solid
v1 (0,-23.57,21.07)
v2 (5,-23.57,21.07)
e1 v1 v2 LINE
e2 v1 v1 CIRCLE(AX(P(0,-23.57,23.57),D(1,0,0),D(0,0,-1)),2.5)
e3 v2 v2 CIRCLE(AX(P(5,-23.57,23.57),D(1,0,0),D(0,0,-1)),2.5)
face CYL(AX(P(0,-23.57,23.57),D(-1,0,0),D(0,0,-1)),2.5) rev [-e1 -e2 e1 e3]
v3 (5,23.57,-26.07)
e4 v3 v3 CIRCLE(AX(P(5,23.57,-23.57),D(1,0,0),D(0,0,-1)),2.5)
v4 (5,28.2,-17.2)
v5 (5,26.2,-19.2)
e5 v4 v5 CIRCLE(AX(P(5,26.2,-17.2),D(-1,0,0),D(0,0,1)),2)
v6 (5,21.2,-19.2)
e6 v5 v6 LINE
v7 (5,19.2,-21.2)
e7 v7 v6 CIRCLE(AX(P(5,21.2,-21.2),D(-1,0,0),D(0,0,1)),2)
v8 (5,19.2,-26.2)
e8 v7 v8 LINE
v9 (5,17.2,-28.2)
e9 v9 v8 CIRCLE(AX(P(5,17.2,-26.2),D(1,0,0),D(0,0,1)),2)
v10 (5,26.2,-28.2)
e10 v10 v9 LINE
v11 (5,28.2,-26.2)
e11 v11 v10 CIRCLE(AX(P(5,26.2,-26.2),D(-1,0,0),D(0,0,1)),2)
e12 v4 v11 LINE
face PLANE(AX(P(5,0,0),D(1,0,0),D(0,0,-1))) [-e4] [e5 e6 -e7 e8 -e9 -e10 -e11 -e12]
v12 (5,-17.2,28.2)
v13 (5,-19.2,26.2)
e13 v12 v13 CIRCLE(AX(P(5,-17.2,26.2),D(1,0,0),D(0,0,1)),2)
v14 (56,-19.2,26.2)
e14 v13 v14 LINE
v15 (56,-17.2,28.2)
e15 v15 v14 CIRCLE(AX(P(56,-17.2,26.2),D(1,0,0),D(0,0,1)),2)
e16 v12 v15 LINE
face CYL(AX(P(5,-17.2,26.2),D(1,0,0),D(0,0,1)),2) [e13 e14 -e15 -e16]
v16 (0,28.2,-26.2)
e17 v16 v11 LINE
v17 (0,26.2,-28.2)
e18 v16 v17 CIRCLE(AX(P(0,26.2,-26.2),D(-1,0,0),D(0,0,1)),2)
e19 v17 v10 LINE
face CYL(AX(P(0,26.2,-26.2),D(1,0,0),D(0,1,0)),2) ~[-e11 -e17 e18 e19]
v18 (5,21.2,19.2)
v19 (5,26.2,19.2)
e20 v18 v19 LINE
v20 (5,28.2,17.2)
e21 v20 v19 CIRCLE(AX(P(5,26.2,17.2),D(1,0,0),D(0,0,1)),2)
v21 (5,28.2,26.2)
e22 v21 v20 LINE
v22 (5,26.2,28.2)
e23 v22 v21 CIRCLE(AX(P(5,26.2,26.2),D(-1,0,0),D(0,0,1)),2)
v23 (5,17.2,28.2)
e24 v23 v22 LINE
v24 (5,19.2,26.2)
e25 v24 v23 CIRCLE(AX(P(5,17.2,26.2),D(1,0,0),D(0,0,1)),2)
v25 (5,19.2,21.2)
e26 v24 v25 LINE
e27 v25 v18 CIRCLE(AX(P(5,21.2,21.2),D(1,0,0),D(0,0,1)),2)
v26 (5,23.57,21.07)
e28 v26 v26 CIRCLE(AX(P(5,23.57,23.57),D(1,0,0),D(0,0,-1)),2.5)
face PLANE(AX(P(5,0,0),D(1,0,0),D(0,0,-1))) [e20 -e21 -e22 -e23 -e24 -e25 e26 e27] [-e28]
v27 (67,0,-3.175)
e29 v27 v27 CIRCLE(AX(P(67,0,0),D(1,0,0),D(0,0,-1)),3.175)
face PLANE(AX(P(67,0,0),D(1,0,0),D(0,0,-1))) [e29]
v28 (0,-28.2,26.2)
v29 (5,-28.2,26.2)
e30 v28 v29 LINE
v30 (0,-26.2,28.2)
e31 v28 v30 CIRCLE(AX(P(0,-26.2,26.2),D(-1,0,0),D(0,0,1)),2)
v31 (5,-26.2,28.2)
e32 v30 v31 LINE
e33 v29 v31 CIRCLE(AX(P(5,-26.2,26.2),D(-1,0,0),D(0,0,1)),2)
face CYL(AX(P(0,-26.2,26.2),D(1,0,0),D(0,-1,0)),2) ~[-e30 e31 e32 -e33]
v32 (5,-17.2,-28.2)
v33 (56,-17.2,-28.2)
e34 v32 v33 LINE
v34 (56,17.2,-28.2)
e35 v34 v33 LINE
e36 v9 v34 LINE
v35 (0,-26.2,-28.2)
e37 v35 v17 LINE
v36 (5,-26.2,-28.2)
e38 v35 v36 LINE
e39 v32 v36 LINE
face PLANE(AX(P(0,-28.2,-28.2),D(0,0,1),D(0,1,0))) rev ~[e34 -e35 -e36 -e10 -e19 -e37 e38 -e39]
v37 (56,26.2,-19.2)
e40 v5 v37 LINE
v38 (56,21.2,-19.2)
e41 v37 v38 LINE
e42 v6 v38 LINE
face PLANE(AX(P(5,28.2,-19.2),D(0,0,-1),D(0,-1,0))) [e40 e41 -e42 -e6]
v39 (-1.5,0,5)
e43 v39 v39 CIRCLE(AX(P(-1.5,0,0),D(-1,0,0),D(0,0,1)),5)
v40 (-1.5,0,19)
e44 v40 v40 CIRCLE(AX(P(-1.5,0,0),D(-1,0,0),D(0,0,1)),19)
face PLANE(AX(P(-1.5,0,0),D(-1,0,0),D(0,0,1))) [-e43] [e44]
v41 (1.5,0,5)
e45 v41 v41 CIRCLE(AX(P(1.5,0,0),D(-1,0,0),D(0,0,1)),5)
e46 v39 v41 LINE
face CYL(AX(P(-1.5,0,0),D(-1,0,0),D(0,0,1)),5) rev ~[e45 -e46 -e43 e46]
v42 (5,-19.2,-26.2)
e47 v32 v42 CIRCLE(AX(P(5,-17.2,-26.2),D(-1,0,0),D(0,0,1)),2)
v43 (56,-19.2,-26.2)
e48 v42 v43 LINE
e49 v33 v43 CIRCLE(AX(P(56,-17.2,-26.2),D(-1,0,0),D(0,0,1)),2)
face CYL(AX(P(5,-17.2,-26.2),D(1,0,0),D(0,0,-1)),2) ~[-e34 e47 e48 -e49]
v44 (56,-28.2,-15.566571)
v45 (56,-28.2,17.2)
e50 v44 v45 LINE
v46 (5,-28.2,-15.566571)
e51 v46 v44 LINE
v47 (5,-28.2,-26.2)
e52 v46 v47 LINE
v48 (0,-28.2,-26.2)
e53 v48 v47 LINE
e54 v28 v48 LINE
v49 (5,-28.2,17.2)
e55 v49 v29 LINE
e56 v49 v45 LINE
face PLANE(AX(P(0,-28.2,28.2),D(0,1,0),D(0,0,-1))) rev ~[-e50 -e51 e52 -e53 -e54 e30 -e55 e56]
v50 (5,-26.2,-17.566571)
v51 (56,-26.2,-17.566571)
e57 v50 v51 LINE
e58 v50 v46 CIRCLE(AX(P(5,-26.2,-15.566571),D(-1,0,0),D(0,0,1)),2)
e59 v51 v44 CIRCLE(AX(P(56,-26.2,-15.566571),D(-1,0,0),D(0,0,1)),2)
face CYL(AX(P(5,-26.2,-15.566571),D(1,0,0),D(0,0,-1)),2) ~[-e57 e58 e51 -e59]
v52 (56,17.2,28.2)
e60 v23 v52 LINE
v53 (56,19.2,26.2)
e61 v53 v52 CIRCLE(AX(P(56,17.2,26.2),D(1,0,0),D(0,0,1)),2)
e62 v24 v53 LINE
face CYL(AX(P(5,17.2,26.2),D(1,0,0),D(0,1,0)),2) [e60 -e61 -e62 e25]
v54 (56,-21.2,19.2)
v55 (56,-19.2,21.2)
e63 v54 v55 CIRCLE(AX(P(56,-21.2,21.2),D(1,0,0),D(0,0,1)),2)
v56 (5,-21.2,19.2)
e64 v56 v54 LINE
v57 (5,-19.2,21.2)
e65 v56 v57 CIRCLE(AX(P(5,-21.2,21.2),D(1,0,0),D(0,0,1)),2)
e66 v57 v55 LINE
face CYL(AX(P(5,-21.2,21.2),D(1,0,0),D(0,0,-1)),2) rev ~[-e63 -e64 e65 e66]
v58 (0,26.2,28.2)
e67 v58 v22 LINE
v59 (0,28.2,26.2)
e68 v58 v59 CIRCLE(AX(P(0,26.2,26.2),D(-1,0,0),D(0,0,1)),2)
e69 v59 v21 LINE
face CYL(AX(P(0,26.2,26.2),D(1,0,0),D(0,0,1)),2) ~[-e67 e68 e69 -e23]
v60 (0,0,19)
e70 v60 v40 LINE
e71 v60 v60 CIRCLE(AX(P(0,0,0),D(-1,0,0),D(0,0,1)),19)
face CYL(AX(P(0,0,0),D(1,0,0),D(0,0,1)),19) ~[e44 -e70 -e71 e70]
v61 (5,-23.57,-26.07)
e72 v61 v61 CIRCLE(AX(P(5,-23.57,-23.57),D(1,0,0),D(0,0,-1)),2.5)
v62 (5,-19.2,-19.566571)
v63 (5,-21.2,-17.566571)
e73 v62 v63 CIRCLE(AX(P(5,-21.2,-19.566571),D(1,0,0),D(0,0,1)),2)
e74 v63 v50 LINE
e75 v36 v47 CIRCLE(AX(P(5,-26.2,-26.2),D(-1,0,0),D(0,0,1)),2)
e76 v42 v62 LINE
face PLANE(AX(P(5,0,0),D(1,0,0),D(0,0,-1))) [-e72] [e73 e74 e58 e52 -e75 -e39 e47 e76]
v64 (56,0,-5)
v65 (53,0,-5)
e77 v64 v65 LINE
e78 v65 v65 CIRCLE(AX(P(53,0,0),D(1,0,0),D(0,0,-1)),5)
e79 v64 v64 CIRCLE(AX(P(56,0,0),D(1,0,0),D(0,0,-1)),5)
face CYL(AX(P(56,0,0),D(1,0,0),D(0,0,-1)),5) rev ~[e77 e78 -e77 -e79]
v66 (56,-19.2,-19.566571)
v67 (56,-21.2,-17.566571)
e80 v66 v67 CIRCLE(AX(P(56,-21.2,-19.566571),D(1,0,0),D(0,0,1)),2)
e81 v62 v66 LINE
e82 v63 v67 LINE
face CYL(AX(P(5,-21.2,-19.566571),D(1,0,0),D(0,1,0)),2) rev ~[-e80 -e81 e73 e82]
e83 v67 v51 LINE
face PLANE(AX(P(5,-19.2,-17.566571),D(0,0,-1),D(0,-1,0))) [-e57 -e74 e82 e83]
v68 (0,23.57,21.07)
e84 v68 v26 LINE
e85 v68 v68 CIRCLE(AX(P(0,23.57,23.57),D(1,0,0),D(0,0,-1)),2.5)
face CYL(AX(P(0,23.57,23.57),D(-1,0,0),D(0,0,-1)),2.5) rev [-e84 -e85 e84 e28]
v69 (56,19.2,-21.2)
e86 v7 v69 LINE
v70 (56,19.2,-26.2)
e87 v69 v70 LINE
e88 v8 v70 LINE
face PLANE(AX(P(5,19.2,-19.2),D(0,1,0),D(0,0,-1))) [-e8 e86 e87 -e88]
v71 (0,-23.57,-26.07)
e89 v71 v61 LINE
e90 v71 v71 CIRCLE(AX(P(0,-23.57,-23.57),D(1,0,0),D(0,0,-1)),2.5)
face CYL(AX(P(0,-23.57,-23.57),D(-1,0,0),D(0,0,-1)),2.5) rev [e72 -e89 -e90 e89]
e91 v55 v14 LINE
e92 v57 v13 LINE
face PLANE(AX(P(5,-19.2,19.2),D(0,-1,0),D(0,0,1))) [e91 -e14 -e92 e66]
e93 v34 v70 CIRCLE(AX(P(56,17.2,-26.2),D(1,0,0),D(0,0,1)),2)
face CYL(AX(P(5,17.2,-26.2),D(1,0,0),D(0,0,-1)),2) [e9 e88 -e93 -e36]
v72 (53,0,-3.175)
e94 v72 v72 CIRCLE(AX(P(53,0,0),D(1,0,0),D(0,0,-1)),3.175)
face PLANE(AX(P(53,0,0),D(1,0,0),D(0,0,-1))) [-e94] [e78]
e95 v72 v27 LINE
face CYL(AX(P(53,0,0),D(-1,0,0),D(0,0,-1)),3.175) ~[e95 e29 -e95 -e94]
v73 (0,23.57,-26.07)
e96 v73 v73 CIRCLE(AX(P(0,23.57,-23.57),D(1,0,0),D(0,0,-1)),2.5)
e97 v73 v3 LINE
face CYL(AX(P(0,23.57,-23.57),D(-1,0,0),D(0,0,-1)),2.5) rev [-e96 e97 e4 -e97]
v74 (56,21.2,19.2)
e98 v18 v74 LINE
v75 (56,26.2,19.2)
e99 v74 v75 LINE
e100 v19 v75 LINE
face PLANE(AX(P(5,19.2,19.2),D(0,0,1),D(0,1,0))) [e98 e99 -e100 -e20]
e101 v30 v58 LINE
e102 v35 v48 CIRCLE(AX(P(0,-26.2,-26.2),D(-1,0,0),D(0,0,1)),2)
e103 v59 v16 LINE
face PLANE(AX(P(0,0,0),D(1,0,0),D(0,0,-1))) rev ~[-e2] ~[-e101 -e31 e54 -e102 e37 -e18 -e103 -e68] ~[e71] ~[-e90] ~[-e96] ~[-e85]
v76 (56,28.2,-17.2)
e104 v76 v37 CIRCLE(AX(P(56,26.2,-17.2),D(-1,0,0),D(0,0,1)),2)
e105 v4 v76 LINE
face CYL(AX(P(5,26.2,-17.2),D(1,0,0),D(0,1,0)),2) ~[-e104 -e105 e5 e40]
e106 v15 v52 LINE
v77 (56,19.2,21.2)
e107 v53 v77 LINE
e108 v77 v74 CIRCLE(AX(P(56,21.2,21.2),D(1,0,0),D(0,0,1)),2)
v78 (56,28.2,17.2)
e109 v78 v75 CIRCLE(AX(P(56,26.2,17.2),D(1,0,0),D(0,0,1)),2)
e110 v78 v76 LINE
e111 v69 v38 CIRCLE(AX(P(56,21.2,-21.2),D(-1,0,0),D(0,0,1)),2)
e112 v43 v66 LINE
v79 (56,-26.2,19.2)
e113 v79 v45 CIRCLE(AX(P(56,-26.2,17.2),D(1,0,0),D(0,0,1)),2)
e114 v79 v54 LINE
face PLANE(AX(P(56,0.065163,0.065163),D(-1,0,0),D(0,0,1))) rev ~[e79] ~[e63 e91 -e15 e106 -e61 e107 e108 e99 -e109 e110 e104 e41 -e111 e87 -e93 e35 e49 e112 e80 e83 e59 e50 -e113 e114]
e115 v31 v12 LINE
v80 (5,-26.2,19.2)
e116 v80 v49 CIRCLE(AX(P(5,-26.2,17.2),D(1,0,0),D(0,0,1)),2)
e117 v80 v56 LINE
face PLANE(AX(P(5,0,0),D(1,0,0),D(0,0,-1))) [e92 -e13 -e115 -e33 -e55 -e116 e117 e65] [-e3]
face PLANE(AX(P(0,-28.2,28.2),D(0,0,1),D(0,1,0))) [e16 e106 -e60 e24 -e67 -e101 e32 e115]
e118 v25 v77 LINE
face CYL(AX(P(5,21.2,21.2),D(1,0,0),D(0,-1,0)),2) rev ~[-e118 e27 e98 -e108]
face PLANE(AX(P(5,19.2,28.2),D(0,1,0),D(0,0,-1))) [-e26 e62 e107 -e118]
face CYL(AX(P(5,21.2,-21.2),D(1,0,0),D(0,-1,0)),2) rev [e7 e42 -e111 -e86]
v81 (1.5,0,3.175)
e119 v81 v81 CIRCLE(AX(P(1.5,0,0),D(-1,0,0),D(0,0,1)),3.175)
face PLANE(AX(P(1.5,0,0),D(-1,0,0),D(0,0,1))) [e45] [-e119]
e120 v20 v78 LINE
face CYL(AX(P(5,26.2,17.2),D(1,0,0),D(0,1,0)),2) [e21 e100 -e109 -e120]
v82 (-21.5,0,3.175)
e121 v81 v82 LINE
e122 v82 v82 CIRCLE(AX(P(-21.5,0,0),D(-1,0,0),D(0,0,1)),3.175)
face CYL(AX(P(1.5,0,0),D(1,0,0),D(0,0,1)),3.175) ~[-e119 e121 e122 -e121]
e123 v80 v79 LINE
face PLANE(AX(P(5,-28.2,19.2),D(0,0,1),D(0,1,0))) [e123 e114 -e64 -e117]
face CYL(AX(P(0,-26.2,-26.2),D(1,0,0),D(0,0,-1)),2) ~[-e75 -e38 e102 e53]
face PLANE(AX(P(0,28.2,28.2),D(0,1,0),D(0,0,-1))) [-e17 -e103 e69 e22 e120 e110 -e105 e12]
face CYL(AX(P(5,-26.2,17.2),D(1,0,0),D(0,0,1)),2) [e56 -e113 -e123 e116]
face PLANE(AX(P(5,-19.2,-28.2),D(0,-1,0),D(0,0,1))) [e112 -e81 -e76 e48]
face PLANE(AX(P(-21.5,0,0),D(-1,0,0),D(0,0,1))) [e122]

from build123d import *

# Parameters (mm, degrees)
SKETCH1_W           = 56.4
SKETCH1_H           = 56.4
SKETCH1_R           = 2.5
BOSS_EXTRUDE1_DEPTH = 5
BOSS_EXTRUDE2_DEPTH = 51
SKETCH3_R           = 5
CUT_EXTRUDE1_DEPTH  = 3
SKETCH5_R           = 3.175
BOSS_EXTRUDE3_DEPTH = 14
SKETCH6_R           = 19
BOSS_EXTRUDE4_DEPTH = 1.5
SKETCH7_R           = 5
CUT_EXTRUDE2_DEPTH  = 3
SKETCH9_R           = 3.175
BOSS_EXTRUDE5_DEPTH = 23
FILLET1_R           = 2
FILLET2_R           = 2
FILLET3_R           = 2
FILLET4_R           = 2
FILLET5_R           = 2
FILLET6_R           = 2
FILLET7_R           = 2
FILLET8_R           = 2
FILLET9_R           = 2
FILLET10_R          = 2
FILLET11_R          = 2
FILLET12_R          = 2
FILLET13_R          = 2
FILLET14_R          = 2
FILLET15_R          = 2
FILLET16_R          = 2


with BuildPart() as part:
    # Sketch1 → Boss-Extrude1 (new body)
    with BuildSketch(Plane(origin=(0, 0, 0), x_dir=(0, 0, -1), z_dir=(1, 0, 0))):
        Rectangle(SKETCH1_W, SKETCH1_H)
        with Locations((-23.57, 23.57)):
            Circle(SKETCH1_R, mode=Mode.SUBTRACT)
        with Locations((23.57, 23.57)):
            Circle(SKETCH1_R, mode=Mode.SUBTRACT)
        with Locations((23.57, -23.57)):
            Circle(SKETCH1_R, mode=Mode.SUBTRACT)
        with Locations((-23.57, -23.57)):
            Circle(SKETCH1_R, mode=Mode.SUBTRACT)
    extrude(amount=BOSS_EXTRUDE1_DEPTH)

    # Sketch2 → Boss-Extrude2 (add)
    with BuildSketch(Plane(origin=(5, 0, 0), x_dir=(0, 0, -1), z_dir=(1, 0, 0))):
        Polygon((-28.2, 19.2), (-19.2, 19.2), (-19.2, 28.2), (19.2, 28.2), (19.2, 19.2), (28.2, 19.2), (28.2, -19.2), (17.566571472, -19.2), (17.566571472, -28.2), (-19.2, -28.2), (-19.2, -19.2), (-28.2, -19.2), align=None)
    extrude(amount=BOSS_EXTRUDE2_DEPTH)

    # Sketch3 → Cut-Extrude1 (cut)
    with BuildSketch(Plane(origin=(56, 0, 0), x_dir=(0, 0, -1), z_dir=(1, 0, 0))):
        Circle(SKETCH3_R)
    extrude(amount=-CUT_EXTRUDE1_DEPTH, mode=Mode.SUBTRACT)

    # Sketch5 → Boss-Extrude3 (add)
    with BuildSketch(Plane(origin=(53, 0, 0), x_dir=(0, 0, -1), z_dir=(1, 0, 0))):
        Circle(SKETCH5_R)
    extrude(amount=BOSS_EXTRUDE3_DEPTH)

    # Sketch6 → Boss-Extrude4 (add)
    with BuildSketch(Plane.ZY):
        Circle(SKETCH6_R)
    extrude(amount=BOSS_EXTRUDE4_DEPTH)

    # Sketch7 → Cut-Extrude2 (cut)
    with BuildSketch(Plane.ZY.offset(1.5)):
        Circle(SKETCH7_R)
    extrude(amount=-CUT_EXTRUDE2_DEPTH, mode=Mode.SUBTRACT)

    # Sketch9 → Boss-Extrude5 (add)
    with BuildSketch(Plane.ZY.offset(-1.5)):
        Circle(SKETCH9_R)
    extrude(amount=BOSS_EXTRUDE5_DEPTH)

    # Fillet1
    fillet1_edges = [part.edges().sort_by_distance(p)[0] for p in [
        (2.5, 28.2, 28.2),
    ]]
    fillet(fillet1_edges, radius=FILLET1_R)

    # Fillet2
    fillet2_edges = [part.edges().sort_by_distance(p)[0] for p in [
        (2.5, 28.2, -28.2),
    ]]
    fillet(fillet2_edges, radius=FILLET2_R)

    # Fillet3
    fillet3_edges = [part.edges().sort_by_distance(p)[0] for p in [
        (2.5, -28.2, -28.2),
    ]]
    fillet(fillet3_edges, radius=FILLET3_R)

    # Fillet4
    fillet4_edges = [part.edges().sort_by_distance(p)[0] for p in [
        (2.5, -28.2, 28.2),
    ]]
    fillet(fillet4_edges, radius=FILLET4_R)

    # Fillet5
    fillet5_edges = [part.edges().sort_by_distance(p)[0] for p in [
        (30.5, 28.2, -19.2),
    ]]
    fillet(fillet5_edges, radius=FILLET5_R)

    # Fillet6
    fillet6_edges = [part.edges().sort_by_distance(p)[0] for p in [
        (30.5, 19.2, -28.2),
    ]]
    fillet(fillet6_edges, radius=FILLET6_R)

    # Fillet7
    fillet7_edges = [part.edges().sort_by_distance(p)[0] for p in [
        (30.5, -19.2, -28.2),
    ]]
    fillet(fillet7_edges, radius=FILLET7_R)

    # Fillet8
    fillet8_edges = [part.edges().sort_by_distance(p)[0] for p in [
        (30.5, -28.2, -17.566571472),
    ]]
    fillet(fillet8_edges, radius=FILLET8_R)

    # Fillet9
    fillet9_edges = [part.edges().sort_by_distance(p)[0] for p in [
        (30.5, -28.2, 19.2),
    ]]
    fillet(fillet9_edges, radius=FILLET9_R)

    # Fillet10
    fillet10_edges = [part.edges().sort_by_distance(p)[0] for p in [
        (30.5, -19.2, 28.2),
    ]]
    fillet(fillet10_edges, radius=FILLET10_R)

    # Fillet11
    fillet11_edges = [part.edges().sort_by_distance(p)[0] for p in [
        (30.5, 19.2, 28.2),
    ]]
    fillet(fillet11_edges, radius=FILLET11_R)

    # Fillet12
    fillet12_edges = [part.edges().sort_by_distance(p)[0] for p in [
        (30.5, 28.2, 19.2),
    ]]
    fillet(fillet12_edges, radius=FILLET12_R)

    # Fillet13
    fillet13_edges = [part.edges().sort_by_distance(p)[0] for p in [
        (30.5, 19.2, -19.2),
    ]]
    fillet(fillet13_edges, radius=FILLET13_R)

    # Fillet14
    fillet14_edges = [part.edges().sort_by_distance(p)[0] for p in [
        (30.5, -19.2, -17.566571472),
    ]]
    fillet(fillet14_edges, radius=FILLET14_R)

    # Fillet15
    fillet15_edges = [part.edges().sort_by_distance(p)[0] for p in [
        (30.5, -19.2, 19.2),
    ]]
    fillet(fillet15_edges, radius=FILLET15_R)

    # Fillet16
    fillet16_edges = [part.edges().sort_by_distance(p)[0] for p in [
        (30.5, 19.2, 19.2),
    ]]
    fillet(fillet16_edges, radius=FILLET16_R)


solid = part.part
